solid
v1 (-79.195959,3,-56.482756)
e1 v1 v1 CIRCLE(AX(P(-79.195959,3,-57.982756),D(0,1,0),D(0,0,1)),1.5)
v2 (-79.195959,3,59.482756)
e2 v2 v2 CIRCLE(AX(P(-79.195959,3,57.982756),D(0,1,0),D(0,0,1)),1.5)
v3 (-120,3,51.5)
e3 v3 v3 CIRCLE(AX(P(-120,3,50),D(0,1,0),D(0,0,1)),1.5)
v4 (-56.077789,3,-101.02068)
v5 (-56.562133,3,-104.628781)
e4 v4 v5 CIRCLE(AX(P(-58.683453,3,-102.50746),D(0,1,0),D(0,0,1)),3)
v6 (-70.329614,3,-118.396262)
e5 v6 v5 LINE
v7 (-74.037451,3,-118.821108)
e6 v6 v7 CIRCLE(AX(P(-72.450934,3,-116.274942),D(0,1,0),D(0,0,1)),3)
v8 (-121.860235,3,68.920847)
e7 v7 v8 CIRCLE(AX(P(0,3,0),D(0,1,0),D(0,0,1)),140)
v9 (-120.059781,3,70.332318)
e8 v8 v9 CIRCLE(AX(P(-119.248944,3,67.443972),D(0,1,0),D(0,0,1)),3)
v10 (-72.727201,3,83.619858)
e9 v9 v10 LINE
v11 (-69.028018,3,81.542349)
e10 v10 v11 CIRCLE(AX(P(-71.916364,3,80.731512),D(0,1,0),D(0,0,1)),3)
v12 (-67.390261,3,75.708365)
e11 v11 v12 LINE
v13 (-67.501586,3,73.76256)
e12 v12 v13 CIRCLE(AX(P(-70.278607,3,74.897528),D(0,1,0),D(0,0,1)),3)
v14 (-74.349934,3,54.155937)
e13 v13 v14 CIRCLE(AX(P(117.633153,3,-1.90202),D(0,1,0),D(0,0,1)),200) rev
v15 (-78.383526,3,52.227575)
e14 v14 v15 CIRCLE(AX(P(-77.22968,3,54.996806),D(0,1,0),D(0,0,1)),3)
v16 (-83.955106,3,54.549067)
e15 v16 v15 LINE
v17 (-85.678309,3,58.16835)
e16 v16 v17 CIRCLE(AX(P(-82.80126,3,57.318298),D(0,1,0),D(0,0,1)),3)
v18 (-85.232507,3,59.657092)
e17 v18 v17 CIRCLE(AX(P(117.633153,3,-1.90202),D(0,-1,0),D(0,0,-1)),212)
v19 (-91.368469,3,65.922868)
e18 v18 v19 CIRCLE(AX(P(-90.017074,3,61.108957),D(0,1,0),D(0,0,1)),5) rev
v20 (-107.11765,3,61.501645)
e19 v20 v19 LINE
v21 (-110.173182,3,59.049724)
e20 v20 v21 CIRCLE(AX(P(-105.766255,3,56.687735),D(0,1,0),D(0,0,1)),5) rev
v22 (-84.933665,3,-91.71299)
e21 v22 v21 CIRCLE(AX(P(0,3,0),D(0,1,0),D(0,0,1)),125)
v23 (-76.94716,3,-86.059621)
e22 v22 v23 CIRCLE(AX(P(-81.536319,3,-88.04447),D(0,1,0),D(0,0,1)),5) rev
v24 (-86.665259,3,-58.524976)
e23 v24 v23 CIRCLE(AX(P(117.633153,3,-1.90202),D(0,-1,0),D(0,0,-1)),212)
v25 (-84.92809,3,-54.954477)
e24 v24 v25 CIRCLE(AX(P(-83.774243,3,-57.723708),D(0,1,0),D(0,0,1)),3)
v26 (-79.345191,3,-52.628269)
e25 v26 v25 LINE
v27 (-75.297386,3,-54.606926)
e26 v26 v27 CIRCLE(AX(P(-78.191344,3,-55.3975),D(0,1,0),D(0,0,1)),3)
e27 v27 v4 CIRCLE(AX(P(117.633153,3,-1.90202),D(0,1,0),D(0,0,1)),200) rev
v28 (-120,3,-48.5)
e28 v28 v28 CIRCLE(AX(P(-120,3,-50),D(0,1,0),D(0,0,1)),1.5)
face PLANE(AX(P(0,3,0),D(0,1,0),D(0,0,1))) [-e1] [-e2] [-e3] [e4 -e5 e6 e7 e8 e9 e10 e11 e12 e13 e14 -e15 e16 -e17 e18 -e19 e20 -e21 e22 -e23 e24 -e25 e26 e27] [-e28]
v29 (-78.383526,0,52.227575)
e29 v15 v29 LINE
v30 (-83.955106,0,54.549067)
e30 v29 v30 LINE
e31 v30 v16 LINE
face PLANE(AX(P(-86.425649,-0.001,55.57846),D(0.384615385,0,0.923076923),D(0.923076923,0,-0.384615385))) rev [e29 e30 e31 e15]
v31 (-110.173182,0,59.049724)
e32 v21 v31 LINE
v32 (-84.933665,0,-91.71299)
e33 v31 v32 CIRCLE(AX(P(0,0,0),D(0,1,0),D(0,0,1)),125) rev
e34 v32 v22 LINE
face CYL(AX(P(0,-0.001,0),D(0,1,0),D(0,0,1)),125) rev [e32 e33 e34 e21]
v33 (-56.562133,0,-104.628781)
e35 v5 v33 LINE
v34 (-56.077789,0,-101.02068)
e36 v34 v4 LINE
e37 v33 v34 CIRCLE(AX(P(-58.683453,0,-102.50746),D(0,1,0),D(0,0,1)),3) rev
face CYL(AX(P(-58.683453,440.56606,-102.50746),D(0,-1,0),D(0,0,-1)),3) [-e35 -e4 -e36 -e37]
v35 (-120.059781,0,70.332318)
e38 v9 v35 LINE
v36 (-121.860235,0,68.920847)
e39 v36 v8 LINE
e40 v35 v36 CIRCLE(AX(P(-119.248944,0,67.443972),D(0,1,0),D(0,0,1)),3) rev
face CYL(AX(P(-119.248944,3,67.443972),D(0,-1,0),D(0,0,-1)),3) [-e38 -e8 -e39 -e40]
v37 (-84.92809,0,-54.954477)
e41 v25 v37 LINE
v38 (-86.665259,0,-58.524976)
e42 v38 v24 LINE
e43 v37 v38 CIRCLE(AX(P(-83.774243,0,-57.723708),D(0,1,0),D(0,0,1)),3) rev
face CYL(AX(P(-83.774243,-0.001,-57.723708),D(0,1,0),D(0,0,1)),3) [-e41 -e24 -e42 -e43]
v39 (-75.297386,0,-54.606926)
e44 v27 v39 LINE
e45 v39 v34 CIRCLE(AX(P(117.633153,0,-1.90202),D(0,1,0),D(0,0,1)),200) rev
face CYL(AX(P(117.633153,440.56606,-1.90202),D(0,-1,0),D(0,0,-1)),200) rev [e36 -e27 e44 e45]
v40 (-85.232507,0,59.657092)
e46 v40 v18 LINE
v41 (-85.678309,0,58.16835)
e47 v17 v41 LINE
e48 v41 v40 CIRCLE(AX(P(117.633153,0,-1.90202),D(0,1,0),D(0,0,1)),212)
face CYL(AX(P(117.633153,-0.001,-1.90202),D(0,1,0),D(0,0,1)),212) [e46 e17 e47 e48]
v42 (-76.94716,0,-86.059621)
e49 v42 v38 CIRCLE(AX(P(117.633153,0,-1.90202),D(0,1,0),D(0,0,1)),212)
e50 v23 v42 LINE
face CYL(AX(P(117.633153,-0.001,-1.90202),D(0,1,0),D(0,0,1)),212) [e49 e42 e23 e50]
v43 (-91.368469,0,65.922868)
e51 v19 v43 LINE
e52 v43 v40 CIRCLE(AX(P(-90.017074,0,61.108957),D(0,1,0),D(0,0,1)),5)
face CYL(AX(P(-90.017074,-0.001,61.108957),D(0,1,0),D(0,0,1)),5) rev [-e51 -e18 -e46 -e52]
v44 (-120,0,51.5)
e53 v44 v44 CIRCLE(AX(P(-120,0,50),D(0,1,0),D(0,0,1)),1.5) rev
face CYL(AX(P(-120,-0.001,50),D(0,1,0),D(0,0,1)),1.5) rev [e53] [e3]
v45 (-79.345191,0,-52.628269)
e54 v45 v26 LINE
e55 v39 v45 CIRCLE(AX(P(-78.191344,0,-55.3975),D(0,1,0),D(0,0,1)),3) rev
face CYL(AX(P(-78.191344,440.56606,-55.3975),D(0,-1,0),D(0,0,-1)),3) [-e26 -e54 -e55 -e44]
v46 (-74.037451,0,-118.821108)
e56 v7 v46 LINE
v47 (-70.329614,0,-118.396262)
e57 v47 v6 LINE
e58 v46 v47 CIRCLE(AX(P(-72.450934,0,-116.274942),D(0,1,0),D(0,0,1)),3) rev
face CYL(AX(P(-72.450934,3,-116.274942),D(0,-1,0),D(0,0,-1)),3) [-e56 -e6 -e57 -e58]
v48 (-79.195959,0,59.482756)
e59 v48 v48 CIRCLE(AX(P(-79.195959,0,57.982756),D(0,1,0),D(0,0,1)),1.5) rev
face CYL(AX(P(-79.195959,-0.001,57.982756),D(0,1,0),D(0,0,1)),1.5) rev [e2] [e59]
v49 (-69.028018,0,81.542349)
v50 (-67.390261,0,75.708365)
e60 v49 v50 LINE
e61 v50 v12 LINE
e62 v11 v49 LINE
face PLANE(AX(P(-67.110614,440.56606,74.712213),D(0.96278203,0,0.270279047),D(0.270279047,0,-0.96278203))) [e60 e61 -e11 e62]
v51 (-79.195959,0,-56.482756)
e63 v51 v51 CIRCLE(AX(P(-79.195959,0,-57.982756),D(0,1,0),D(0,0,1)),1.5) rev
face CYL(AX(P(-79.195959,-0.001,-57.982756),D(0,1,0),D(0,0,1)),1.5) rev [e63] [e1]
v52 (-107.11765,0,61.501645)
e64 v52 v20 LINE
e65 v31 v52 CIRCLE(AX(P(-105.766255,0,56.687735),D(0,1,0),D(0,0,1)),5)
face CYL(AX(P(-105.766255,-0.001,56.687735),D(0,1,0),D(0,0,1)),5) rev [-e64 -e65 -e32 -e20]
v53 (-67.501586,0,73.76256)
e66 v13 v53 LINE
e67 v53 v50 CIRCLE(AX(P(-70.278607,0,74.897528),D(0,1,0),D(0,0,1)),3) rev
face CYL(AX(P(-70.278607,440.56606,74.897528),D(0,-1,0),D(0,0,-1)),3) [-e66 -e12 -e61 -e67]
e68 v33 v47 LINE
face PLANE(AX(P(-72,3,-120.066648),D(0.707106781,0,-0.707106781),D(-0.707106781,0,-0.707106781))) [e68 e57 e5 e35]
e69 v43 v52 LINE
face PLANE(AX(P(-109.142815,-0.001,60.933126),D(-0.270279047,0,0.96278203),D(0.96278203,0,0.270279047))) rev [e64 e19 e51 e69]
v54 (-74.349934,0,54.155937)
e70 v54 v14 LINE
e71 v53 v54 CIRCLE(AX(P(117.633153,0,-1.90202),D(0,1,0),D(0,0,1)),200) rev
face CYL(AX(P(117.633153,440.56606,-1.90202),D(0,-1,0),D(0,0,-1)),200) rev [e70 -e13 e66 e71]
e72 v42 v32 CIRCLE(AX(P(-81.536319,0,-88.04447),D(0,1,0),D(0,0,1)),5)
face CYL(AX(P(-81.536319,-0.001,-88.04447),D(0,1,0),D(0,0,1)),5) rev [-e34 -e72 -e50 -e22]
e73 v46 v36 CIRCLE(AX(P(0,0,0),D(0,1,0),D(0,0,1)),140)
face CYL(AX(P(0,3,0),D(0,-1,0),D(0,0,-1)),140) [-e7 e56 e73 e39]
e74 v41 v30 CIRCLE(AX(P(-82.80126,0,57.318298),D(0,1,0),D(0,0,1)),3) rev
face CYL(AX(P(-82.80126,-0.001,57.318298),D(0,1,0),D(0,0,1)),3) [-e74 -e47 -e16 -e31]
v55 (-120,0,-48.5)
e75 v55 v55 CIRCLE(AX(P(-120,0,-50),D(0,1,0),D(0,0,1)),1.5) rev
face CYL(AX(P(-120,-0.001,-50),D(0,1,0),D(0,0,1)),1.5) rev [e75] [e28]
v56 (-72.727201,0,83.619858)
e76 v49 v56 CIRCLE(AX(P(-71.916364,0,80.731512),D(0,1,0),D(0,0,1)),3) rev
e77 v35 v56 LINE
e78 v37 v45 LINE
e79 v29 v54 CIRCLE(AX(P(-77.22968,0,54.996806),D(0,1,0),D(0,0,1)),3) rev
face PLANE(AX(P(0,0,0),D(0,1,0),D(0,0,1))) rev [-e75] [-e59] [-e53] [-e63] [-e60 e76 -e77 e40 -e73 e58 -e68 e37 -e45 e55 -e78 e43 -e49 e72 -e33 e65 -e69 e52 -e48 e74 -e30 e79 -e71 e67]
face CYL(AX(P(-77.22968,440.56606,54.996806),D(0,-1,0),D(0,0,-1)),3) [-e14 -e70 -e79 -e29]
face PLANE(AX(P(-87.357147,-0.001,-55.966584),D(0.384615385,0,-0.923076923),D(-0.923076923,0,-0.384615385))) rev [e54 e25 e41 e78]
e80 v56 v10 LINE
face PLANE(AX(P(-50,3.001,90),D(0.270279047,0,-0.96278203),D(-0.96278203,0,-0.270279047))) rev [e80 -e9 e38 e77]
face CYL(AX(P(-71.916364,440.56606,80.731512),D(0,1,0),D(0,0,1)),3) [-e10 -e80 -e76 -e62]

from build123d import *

# Parameters (mm, degrees)
SKETCH1_R               = 140
BOSS_EXTRUDE1_DEPTH     = 3
CUT_EXTRUDE1_REACH      = 5
CUT_EXTRUDE3_REACH      = 5
SKETCH19_R              = 1.5
CUT_EXTRUDE10_REACH     = 5
SKETCH25_R              = 1.5
CUT_EXTRUDE4_REACH      = 5
FILLET2_R               = 10
CUT_EXTRUDE8_DEPTH      = 1
CUT_EXTRUDE8_DEPTH_BACK = 4
CUT_EXTRUDE9_REACH      = 5
FILLET4_R               = 5
FILLET5_R               = 3


with BuildPart() as part:
    # Sketch1 → Boss-Extrude1 (new body)
    with BuildSketch(Plane(origin=(0, 0, 0), x_dir=(1, 0, 0), z_dir=(0, 1, 0))):
        Circle(SKETCH1_R)
    extrude(amount=BOSS_EXTRUDE1_DEPTH)

    # Sketch17 → Cut-Extrude1 (cut, up to next)
    with BuildSketch(Plane.XZ, mode=Mode.PRIVATE) as cut_extrude1_sk1:
        Polygon((-50, 90), (-121.24355653, 70), (-121.24355653, 140), (121.24355653, 140), (121.24355653, 70), (50, 90), align=None)
    cut_extrude1_tool1 = extrude(cut_extrude1_sk1.sketch, amount=-CUT_EXTRUDE1_REACH, mode=Mode.PRIVATE) & part.part
    add(cut_extrude1_tool1.solids().sort_by_distance((0, 0, 111.669853))[0], mode=Mode.SUBTRACT)

    # Sketch19 → Cut-Extrude3 (cut, up to next)
    with BuildSketch(Plane(origin=(0, 3, 0), x_dir=(1, 0, 0), z_dir=(0, 1, 0)), mode=Mode.PRIVATE) as cut_extrude3_sk1:
        with Locations((-79.195959493, -57.982756057)):
            Circle(SKETCH19_R)
    cut_extrude3_tool1 = extrude(cut_extrude3_sk1.sketch, amount=-CUT_EXTRUDE3_REACH, mode=Mode.PRIVATE) & part.part
    add(cut_extrude3_tool1.solids().sort_by_distance((-79.195959, 3, 57.982756))[0], mode=Mode.SUBTRACT)
    # Sketch19 → Cut-Extrude3 (cut, up to next)
    with BuildSketch(Plane(origin=(0, 3, 0), x_dir=(1, 0, 0), z_dir=(0, 1, 0)), mode=Mode.PRIVATE) as cut_extrude3_sk2:
        with Locations((-79.195959493, 57.982756057)):
            Circle(SKETCH19_R)
    cut_extrude3_tool2 = extrude(cut_extrude3_sk2.sketch, amount=-CUT_EXTRUDE3_REACH, mode=Mode.PRIVATE) & part.part
    add(cut_extrude3_tool2.solids().sort_by_distance((-79.195959, 3, -57.982756))[0], mode=Mode.SUBTRACT)
    # Sketch19 → Cut-Extrude3 (cut, up to next)
    with BuildSketch(Plane(origin=(0, 3, 0), x_dir=(1, 0, 0), z_dir=(0, 1, 0)), mode=Mode.PRIVATE) as cut_extrude3_sk3:
        with Locations((79.195959493, 57.982756057)):
            Circle(SKETCH19_R)
    cut_extrude3_tool3 = extrude(cut_extrude3_sk3.sketch, amount=-CUT_EXTRUDE3_REACH, mode=Mode.PRIVATE) & part.part
    add(cut_extrude3_tool3.solids().sort_by_distance((79.195959, 3, -57.982756))[0], mode=Mode.SUBTRACT)
    # Sketch19 → Cut-Extrude3 (cut, up to next)
    with BuildSketch(Plane(origin=(0, 3, 0), x_dir=(1, 0, 0), z_dir=(0, 1, 0)), mode=Mode.PRIVATE) as cut_extrude3_sk4:
        with Locations((79.195959493, -57.982756057)):
            Circle(SKETCH19_R)
    cut_extrude3_tool4 = extrude(cut_extrude3_sk4.sketch, amount=-CUT_EXTRUDE3_REACH, mode=Mode.PRIVATE) & part.part
    add(cut_extrude3_tool4.solids().sort_by_distance((79.195959, 3, 57.982756))[0], mode=Mode.SUBTRACT)
    # Sketch19 → Cut-Extrude3 (cut, up to next)
    with BuildSketch(Plane(origin=(0, 3, 0), x_dir=(1, 0, 0), z_dir=(0, 1, 0)), mode=Mode.PRIVATE) as cut_extrude3_sk5:
        with Locations((-57.982756057, 79.195959493)):
            Circle(SKETCH19_R)
    cut_extrude3_tool5 = extrude(cut_extrude3_sk5.sketch, amount=-CUT_EXTRUDE3_REACH, mode=Mode.PRIVATE) & part.part
    add(cut_extrude3_tool5.solids().sort_by_distance((-57.982756, 3, -79.195959))[0], mode=Mode.SUBTRACT)
    # Sketch19 → Cut-Extrude3 (cut, up to next)
    with BuildSketch(Plane(origin=(0, 3, 0), x_dir=(1, 0, 0), z_dir=(0, 1, 0)), mode=Mode.PRIVATE) as cut_extrude3_sk6:
        with Locations((57.982756057, 79.195959493)):
            Circle(SKETCH19_R)
    cut_extrude3_tool6 = extrude(cut_extrude3_sk6.sketch, amount=-CUT_EXTRUDE3_REACH, mode=Mode.PRIVATE) & part.part
    add(cut_extrude3_tool6.solids().sort_by_distance((57.982756, 3, -79.195959))[0], mode=Mode.SUBTRACT)
    # Sketch19 → Cut-Extrude3 (cut, up to next)
    with BuildSketch(Plane(origin=(0, 3, 0), x_dir=(1, 0, 0), z_dir=(0, 1, 0)), mode=Mode.PRIVATE) as cut_extrude3_sk7:
        with Locations((57.982756057, -79.195959493)):
            Circle(SKETCH19_R)
    cut_extrude3_tool7 = extrude(cut_extrude3_sk7.sketch, amount=-CUT_EXTRUDE3_REACH, mode=Mode.PRIVATE) & part.part
    add(cut_extrude3_tool7.solids().sort_by_distance((57.982756, 3, 79.195959))[0], mode=Mode.SUBTRACT)
    # Sketch19 → Cut-Extrude3 (cut, up to next)
    with BuildSketch(Plane(origin=(0, 3, 0), x_dir=(1, 0, 0), z_dir=(0, 1, 0)), mode=Mode.PRIVATE) as cut_extrude3_sk8:
        with Locations((-57.982756057, -79.195959493)):
            Circle(SKETCH19_R)
    cut_extrude3_tool8 = extrude(cut_extrude3_sk8.sketch, amount=-CUT_EXTRUDE3_REACH, mode=Mode.PRIVATE) & part.part
    add(cut_extrude3_tool8.solids().sort_by_distance((-57.982756, 3, 79.195959))[0], mode=Mode.SUBTRACT)

    # Sketch25 → Cut-Extrude10 (cut, up to next)
    with BuildSketch(Plane(origin=(0, 3, 0), x_dir=(1, 0, 0), z_dir=(0, 1, 0)), mode=Mode.PRIVATE) as cut_extrude10_sk1:
        with Locations((-120, 50)):
            Circle(SKETCH25_R)
    cut_extrude10_tool1 = extrude(cut_extrude10_sk1.sketch, amount=-CUT_EXTRUDE10_REACH, mode=Mode.PRIVATE) & part.part
    add(cut_extrude10_tool1.solids().sort_by_distance((-120, 3, -50))[0], mode=Mode.SUBTRACT)
    # Sketch25 → Cut-Extrude10 (cut, up to next)
    with BuildSketch(Plane(origin=(0, 3, 0), x_dir=(1, 0, 0), z_dir=(0, 1, 0)), mode=Mode.PRIVATE) as cut_extrude10_sk2:
        with Locations((-120, -50)):
            Circle(SKETCH25_R)
    cut_extrude10_tool2 = extrude(cut_extrude10_sk2.sketch, amount=-CUT_EXTRUDE10_REACH, mode=Mode.PRIVATE) & part.part
    add(cut_extrude10_tool2.solids().sort_by_distance((-120, 3, 50))[0], mode=Mode.SUBTRACT)

    # Sketch20 → Cut-Extrude4 (cut, up to next)
    with BuildSketch(Plane(origin=(0, 3, 0), x_dir=(1, 0, 0), z_dir=(0, 1, 0)), mode=Mode.PRIVATE) as cut_extrude4_sk1:
        Polygon((-501.142143979, 549.208792138), (-72, 120.066648158), (-50, 98.066648158), (50, 98.066648158), (72, 120.066648158), (501.142143979, 549.208792138), (501.142143979, 1763.00607254), (-501.142143979, 1763.00607254), align=None)
    cut_extrude4_tool1 = extrude(cut_extrude4_sk1.sketch, amount=-CUT_EXTRUDE4_REACH, mode=Mode.PRIVATE) & part.part
    add(cut_extrude4_tool1.solids().sort_by_distance((0, 3, -1025.283687))[0], mode=Mode.SUBTRACT)

    # Fillet2
    fillet2_edges = [part.edges().sort_by_distance(p)[0] for p in [
        (50, 1.5, -98.066648158),
        (-50, 1.5, -98.066648158),
    ]]
    fillet(fillet2_edges, radius=FILLET2_R)

    # Sketch23 → Cut-Extrude8 (cut, two sides)
    with BuildSketch(Plane(origin=(0, 3, 0), x_dir=(1, 0, 0), z_dir=(0, 1, 0))) as cut_extrude8_sk:
        with BuildLine():
            Line((257.25555619, 635.882543767), (-54.933351842, 103))
            ThreePointArc((-54.933351842, 103), (-81.898962794, 15.574433529), (-67.110613718, -74.712213204))
            Line((-67.110613718, -74.712213204), (-73.189737717, -96.367133919))
            Line((-73.189737717, -96.367133919), (-240.113193325, -690.978166206))
            Line((-240.113193325, -690.978166206), (916.492938423, -1124.527627053))
            Line((916.492938423, -1124.527627053), (1413.861687938, 202.33308292))
            Line((1413.861687938, 202.33308292), (257.25555619, 635.882543767))
        make_face()
    extrude(amount=CUT_EXTRUDE8_DEPTH, mode=Mode.SUBTRACT)
    extrude(cut_extrude8_sk.sketch, amount=-CUT_EXTRUDE8_DEPTH_BACK, mode=Mode.SUBTRACT)

    # Sketch24 → Cut-Extrude9 (cut, up to next)
    with BuildSketch(Plane(origin=(0, 3, 0), x_dir=(1, 0, 0), z_dir=(0, 1, 0)), mode=Mode.PRIVATE) as cut_extrude9_sk1:
        with BuildLine():
            Line((-87.357146899, 55.966584143), (-76.169199175, 51.304939258))
            Line((-76.169199175, 51.304939258), (-75.263305358, -50.927483501))
            Line((-75.263305358, -50.927483501), (-86.425648637, -55.578459868))
            ThreePointArc((-86.425648637, -55.578459868), (-84.491324796, -62.048707618), (-82.351900579, -68.454063088))
            Line((-82.351900579, -68.454063088), (-109.142815319, -60.933126165))
            ThreePointArc((-109.142815319, -60.933126165), (-121.247849947, 30.39669198), (-67.489752352, 105.2147011))
            ThreePointArc((-67.489752352, 105.2147011), (-78.971583679, 81.215182034), (-87.357146899, 55.966584143))
        make_face()
    cut_extrude9_tool1 = extrude(cut_extrude9_sk1.sketch, amount=-CUT_EXTRUDE9_REACH, mode=Mode.PRIVATE) & part.part
    add(cut_extrude9_tool1.solids().sort_by_distance((-97.439624, 3, -6.929648))[0], mode=Mode.SUBTRACT)

    # Fillet4
    fillet4_edges = [part.edges().sort_by_distance(p)[0] for p in [
        (-109.142815319, 1.5, 60.933126165),
        (-67.489752352, 1.5, -105.2147011),
        (-82.351900579, 1.5, 68.454063088),
    ]]
    fillet(fillet4_edges, radius=FILLET4_R)

    # Fillet5
    fillet5_edges = [part.edges().sort_by_distance(p)[0] for p in [
        (-87.357146899, 1.5, -55.966584143),
        (-76.169199175, 1.5, -51.304939258),
        (-75.263305358, 1.5, 50.927483501),
        (-86.425648637, 1.5, 55.578459868),
        (-121.24355653, 1.5, 70),
        (-72, 1.5, -120.066648158),
        (-54.933351842, 1.5, -103),
        (-69.838855295, 1.5, 84.430694855),
        (-67.110613718, 1.5, 74.712213204),
    ]]
    fillet(fillet5_edges, radius=FILLET5_R)


solid = part.part
